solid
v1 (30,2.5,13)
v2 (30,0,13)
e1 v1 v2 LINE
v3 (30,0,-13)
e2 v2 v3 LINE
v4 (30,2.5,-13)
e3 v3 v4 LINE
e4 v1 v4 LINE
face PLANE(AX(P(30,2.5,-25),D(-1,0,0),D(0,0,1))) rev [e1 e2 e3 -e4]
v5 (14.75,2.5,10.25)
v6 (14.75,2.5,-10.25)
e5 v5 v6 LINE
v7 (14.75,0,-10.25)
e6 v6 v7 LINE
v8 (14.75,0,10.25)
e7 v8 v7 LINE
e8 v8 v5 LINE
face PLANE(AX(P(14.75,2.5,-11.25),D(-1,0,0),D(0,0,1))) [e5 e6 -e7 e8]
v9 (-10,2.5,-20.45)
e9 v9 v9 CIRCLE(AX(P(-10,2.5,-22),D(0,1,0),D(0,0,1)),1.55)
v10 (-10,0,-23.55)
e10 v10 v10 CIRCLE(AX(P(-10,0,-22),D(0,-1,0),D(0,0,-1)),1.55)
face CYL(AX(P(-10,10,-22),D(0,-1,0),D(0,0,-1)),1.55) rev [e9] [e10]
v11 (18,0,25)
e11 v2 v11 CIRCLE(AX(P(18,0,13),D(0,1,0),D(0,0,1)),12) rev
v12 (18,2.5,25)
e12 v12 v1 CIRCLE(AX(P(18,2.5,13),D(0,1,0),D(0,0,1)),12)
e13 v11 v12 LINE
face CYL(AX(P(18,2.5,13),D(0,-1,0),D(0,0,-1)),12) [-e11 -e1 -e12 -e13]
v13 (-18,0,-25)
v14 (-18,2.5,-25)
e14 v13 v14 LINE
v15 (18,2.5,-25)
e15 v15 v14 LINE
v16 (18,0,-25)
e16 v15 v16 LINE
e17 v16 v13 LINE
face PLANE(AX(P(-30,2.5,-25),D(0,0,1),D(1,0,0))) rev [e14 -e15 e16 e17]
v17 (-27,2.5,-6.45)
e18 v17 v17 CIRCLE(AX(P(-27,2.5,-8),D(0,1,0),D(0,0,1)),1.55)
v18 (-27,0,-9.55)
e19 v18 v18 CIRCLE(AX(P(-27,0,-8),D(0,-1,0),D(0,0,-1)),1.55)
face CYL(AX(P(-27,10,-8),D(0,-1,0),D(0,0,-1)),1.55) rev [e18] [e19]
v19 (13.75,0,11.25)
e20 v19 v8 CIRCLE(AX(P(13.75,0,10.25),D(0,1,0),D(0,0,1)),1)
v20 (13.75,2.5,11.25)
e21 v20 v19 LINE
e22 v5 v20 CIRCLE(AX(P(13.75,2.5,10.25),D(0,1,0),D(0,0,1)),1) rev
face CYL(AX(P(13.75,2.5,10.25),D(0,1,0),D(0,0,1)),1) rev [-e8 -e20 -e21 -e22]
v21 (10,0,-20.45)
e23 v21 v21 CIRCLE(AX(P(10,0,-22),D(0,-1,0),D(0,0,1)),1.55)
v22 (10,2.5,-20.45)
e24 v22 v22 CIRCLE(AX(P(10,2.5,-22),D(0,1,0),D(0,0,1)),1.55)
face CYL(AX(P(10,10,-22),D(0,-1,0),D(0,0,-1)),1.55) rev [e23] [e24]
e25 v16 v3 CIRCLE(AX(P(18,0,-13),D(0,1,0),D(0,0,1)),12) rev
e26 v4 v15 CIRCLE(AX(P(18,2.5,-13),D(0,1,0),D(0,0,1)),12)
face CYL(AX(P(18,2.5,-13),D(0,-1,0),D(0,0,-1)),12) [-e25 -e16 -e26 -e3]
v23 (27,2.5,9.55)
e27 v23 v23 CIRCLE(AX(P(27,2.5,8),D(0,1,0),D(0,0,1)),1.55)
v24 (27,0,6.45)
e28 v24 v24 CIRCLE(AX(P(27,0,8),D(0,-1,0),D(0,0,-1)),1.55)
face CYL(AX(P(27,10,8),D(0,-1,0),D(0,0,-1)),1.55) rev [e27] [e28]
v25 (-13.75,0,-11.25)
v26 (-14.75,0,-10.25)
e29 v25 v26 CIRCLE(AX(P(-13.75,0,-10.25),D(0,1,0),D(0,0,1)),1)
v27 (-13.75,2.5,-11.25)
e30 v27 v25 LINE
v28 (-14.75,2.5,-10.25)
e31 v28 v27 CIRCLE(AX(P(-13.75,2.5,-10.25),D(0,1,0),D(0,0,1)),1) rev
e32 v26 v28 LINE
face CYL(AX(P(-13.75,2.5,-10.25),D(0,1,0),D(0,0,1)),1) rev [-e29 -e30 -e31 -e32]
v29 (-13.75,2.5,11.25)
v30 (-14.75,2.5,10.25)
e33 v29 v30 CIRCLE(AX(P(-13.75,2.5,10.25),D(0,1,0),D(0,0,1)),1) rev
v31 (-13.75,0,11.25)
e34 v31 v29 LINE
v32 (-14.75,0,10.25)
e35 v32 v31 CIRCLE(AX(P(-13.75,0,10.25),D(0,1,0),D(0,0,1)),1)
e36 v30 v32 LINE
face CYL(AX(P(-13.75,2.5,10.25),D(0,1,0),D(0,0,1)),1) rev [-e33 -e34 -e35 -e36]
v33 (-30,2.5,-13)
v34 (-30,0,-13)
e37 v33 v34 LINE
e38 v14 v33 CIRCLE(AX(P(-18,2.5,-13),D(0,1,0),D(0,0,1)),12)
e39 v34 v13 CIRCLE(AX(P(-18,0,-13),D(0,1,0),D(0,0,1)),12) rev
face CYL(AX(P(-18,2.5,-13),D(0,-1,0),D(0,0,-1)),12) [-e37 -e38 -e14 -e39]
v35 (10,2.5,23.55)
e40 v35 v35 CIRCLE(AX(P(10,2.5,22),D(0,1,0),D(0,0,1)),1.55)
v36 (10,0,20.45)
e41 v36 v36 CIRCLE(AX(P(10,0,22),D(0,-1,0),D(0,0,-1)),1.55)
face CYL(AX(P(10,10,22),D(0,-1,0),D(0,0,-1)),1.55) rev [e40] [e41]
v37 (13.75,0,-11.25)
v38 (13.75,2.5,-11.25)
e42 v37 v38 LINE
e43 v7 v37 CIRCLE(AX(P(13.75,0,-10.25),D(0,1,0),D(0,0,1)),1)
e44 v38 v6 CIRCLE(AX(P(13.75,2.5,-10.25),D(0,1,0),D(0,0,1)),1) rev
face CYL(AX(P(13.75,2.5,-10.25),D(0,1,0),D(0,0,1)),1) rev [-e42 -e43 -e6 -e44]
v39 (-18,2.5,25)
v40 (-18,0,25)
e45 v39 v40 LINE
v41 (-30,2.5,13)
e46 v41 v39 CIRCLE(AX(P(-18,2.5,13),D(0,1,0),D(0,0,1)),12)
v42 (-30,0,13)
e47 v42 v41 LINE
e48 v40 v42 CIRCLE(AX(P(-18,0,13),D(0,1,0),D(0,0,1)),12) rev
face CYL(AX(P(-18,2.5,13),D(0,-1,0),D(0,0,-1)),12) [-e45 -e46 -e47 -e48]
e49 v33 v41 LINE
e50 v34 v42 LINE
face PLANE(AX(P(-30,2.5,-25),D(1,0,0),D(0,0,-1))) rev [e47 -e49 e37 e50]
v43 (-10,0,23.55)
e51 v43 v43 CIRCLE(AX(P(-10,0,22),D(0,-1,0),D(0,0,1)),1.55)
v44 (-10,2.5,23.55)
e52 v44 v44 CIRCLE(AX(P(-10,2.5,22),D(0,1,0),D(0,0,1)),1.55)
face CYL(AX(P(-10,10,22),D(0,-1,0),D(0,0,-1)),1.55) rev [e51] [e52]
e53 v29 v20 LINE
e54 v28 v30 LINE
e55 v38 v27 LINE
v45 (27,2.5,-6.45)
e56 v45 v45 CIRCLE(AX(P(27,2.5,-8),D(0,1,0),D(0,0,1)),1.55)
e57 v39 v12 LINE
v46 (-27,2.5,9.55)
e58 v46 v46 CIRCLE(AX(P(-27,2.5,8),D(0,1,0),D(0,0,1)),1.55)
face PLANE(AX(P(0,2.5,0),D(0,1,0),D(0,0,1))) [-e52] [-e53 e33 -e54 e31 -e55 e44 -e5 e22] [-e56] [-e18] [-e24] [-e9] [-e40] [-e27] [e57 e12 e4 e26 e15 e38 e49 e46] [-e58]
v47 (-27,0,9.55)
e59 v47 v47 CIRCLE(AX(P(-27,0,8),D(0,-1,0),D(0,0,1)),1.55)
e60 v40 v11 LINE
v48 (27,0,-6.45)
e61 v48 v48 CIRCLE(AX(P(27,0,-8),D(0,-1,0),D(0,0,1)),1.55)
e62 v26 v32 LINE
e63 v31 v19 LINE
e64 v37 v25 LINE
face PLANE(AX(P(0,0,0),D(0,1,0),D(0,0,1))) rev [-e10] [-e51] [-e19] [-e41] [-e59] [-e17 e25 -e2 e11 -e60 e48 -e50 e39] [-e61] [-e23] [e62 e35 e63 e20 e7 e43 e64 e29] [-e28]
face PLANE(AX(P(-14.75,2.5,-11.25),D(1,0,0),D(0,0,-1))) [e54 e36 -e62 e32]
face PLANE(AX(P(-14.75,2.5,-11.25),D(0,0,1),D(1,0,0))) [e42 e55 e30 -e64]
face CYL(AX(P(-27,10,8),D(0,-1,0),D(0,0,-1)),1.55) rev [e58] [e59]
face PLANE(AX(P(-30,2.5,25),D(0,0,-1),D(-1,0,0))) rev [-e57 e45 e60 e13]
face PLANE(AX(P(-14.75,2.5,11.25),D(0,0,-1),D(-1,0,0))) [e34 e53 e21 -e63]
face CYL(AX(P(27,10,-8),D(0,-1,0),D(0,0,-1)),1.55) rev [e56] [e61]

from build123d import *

# Parameters (mm, degrees)
SKETCH_1_W          = 60
SKETCH_1_H          = 50
SKETCH_1_W_2        = 29.5
SKETCH_1_H_2        = 22.5
EXTRUDE_1_DEPTH     = 2.5
SKETCH_8_R          = 1.55
CUT_EXTRUDE_2_DEPTH = 10
FILLET_1_R          = 1
FILLET_2_R          = 12


with BuildPart() as part:
    # 草图1 → 凸台-拉伸1 (new body)
    with BuildSketch(Plane(origin=(0, 0, 0), x_dir=(1, 0, 0), z_dir=(0, 1, 0))):
        Rectangle(SKETCH_1_W, SKETCH_1_H)
        Rectangle(SKETCH_1_W_2, SKETCH_1_H_2, mode=Mode.SUBTRACT)
    extrude(amount=EXTRUDE_1_DEPTH)

    # 草图8 → 切除-拉伸2 (cut)
    with BuildSketch(Plane.XZ):
        with Locations((27, 8)):
            Circle(SKETCH_8_R)
        with Locations((10, 22)):
            Circle(SKETCH_8_R)
        with Locations((-10, 22)):
            Circle(SKETCH_8_R)
        with Locations((-27, 8)):
            Circle(SKETCH_8_R)
        with Locations((-27, -8)):
            Circle(SKETCH_8_R)
        with Locations((-10, -22)):
            Circle(SKETCH_8_R)
        with Locations((10, -22)):
            Circle(SKETCH_8_R)
        with Locations((27, -8)):
            Circle(SKETCH_8_R)
    extrude(amount=-CUT_EXTRUDE_2_DEPTH, mode=Mode.SUBTRACT)

    # 圆角1
    fillet_1_edges = [part.edges().sort_by_distance(p)[0] for p in [
        (14.75, 1.25, 11.25),
        (14.75, 1.25, -11.25),
        (-14.75, 1.25, -11.25),
        (-14.75, 1.25, 11.25),
    ]]
    fillet(fillet_1_edges, radius=FILLET_1_R)

    # 圆角2
    fillet_2_edges = [part.edges().sort_by_distance(p)[0] for p in [
        (30, 1.25, 25),
        (-30, 1.25, 25),
        (-30, 1.25, -25),
        (30, 1.25, -25),
    ]]
    fillet(fillet_2_edges, radius=FILLET_2_R)


solid = part.part
